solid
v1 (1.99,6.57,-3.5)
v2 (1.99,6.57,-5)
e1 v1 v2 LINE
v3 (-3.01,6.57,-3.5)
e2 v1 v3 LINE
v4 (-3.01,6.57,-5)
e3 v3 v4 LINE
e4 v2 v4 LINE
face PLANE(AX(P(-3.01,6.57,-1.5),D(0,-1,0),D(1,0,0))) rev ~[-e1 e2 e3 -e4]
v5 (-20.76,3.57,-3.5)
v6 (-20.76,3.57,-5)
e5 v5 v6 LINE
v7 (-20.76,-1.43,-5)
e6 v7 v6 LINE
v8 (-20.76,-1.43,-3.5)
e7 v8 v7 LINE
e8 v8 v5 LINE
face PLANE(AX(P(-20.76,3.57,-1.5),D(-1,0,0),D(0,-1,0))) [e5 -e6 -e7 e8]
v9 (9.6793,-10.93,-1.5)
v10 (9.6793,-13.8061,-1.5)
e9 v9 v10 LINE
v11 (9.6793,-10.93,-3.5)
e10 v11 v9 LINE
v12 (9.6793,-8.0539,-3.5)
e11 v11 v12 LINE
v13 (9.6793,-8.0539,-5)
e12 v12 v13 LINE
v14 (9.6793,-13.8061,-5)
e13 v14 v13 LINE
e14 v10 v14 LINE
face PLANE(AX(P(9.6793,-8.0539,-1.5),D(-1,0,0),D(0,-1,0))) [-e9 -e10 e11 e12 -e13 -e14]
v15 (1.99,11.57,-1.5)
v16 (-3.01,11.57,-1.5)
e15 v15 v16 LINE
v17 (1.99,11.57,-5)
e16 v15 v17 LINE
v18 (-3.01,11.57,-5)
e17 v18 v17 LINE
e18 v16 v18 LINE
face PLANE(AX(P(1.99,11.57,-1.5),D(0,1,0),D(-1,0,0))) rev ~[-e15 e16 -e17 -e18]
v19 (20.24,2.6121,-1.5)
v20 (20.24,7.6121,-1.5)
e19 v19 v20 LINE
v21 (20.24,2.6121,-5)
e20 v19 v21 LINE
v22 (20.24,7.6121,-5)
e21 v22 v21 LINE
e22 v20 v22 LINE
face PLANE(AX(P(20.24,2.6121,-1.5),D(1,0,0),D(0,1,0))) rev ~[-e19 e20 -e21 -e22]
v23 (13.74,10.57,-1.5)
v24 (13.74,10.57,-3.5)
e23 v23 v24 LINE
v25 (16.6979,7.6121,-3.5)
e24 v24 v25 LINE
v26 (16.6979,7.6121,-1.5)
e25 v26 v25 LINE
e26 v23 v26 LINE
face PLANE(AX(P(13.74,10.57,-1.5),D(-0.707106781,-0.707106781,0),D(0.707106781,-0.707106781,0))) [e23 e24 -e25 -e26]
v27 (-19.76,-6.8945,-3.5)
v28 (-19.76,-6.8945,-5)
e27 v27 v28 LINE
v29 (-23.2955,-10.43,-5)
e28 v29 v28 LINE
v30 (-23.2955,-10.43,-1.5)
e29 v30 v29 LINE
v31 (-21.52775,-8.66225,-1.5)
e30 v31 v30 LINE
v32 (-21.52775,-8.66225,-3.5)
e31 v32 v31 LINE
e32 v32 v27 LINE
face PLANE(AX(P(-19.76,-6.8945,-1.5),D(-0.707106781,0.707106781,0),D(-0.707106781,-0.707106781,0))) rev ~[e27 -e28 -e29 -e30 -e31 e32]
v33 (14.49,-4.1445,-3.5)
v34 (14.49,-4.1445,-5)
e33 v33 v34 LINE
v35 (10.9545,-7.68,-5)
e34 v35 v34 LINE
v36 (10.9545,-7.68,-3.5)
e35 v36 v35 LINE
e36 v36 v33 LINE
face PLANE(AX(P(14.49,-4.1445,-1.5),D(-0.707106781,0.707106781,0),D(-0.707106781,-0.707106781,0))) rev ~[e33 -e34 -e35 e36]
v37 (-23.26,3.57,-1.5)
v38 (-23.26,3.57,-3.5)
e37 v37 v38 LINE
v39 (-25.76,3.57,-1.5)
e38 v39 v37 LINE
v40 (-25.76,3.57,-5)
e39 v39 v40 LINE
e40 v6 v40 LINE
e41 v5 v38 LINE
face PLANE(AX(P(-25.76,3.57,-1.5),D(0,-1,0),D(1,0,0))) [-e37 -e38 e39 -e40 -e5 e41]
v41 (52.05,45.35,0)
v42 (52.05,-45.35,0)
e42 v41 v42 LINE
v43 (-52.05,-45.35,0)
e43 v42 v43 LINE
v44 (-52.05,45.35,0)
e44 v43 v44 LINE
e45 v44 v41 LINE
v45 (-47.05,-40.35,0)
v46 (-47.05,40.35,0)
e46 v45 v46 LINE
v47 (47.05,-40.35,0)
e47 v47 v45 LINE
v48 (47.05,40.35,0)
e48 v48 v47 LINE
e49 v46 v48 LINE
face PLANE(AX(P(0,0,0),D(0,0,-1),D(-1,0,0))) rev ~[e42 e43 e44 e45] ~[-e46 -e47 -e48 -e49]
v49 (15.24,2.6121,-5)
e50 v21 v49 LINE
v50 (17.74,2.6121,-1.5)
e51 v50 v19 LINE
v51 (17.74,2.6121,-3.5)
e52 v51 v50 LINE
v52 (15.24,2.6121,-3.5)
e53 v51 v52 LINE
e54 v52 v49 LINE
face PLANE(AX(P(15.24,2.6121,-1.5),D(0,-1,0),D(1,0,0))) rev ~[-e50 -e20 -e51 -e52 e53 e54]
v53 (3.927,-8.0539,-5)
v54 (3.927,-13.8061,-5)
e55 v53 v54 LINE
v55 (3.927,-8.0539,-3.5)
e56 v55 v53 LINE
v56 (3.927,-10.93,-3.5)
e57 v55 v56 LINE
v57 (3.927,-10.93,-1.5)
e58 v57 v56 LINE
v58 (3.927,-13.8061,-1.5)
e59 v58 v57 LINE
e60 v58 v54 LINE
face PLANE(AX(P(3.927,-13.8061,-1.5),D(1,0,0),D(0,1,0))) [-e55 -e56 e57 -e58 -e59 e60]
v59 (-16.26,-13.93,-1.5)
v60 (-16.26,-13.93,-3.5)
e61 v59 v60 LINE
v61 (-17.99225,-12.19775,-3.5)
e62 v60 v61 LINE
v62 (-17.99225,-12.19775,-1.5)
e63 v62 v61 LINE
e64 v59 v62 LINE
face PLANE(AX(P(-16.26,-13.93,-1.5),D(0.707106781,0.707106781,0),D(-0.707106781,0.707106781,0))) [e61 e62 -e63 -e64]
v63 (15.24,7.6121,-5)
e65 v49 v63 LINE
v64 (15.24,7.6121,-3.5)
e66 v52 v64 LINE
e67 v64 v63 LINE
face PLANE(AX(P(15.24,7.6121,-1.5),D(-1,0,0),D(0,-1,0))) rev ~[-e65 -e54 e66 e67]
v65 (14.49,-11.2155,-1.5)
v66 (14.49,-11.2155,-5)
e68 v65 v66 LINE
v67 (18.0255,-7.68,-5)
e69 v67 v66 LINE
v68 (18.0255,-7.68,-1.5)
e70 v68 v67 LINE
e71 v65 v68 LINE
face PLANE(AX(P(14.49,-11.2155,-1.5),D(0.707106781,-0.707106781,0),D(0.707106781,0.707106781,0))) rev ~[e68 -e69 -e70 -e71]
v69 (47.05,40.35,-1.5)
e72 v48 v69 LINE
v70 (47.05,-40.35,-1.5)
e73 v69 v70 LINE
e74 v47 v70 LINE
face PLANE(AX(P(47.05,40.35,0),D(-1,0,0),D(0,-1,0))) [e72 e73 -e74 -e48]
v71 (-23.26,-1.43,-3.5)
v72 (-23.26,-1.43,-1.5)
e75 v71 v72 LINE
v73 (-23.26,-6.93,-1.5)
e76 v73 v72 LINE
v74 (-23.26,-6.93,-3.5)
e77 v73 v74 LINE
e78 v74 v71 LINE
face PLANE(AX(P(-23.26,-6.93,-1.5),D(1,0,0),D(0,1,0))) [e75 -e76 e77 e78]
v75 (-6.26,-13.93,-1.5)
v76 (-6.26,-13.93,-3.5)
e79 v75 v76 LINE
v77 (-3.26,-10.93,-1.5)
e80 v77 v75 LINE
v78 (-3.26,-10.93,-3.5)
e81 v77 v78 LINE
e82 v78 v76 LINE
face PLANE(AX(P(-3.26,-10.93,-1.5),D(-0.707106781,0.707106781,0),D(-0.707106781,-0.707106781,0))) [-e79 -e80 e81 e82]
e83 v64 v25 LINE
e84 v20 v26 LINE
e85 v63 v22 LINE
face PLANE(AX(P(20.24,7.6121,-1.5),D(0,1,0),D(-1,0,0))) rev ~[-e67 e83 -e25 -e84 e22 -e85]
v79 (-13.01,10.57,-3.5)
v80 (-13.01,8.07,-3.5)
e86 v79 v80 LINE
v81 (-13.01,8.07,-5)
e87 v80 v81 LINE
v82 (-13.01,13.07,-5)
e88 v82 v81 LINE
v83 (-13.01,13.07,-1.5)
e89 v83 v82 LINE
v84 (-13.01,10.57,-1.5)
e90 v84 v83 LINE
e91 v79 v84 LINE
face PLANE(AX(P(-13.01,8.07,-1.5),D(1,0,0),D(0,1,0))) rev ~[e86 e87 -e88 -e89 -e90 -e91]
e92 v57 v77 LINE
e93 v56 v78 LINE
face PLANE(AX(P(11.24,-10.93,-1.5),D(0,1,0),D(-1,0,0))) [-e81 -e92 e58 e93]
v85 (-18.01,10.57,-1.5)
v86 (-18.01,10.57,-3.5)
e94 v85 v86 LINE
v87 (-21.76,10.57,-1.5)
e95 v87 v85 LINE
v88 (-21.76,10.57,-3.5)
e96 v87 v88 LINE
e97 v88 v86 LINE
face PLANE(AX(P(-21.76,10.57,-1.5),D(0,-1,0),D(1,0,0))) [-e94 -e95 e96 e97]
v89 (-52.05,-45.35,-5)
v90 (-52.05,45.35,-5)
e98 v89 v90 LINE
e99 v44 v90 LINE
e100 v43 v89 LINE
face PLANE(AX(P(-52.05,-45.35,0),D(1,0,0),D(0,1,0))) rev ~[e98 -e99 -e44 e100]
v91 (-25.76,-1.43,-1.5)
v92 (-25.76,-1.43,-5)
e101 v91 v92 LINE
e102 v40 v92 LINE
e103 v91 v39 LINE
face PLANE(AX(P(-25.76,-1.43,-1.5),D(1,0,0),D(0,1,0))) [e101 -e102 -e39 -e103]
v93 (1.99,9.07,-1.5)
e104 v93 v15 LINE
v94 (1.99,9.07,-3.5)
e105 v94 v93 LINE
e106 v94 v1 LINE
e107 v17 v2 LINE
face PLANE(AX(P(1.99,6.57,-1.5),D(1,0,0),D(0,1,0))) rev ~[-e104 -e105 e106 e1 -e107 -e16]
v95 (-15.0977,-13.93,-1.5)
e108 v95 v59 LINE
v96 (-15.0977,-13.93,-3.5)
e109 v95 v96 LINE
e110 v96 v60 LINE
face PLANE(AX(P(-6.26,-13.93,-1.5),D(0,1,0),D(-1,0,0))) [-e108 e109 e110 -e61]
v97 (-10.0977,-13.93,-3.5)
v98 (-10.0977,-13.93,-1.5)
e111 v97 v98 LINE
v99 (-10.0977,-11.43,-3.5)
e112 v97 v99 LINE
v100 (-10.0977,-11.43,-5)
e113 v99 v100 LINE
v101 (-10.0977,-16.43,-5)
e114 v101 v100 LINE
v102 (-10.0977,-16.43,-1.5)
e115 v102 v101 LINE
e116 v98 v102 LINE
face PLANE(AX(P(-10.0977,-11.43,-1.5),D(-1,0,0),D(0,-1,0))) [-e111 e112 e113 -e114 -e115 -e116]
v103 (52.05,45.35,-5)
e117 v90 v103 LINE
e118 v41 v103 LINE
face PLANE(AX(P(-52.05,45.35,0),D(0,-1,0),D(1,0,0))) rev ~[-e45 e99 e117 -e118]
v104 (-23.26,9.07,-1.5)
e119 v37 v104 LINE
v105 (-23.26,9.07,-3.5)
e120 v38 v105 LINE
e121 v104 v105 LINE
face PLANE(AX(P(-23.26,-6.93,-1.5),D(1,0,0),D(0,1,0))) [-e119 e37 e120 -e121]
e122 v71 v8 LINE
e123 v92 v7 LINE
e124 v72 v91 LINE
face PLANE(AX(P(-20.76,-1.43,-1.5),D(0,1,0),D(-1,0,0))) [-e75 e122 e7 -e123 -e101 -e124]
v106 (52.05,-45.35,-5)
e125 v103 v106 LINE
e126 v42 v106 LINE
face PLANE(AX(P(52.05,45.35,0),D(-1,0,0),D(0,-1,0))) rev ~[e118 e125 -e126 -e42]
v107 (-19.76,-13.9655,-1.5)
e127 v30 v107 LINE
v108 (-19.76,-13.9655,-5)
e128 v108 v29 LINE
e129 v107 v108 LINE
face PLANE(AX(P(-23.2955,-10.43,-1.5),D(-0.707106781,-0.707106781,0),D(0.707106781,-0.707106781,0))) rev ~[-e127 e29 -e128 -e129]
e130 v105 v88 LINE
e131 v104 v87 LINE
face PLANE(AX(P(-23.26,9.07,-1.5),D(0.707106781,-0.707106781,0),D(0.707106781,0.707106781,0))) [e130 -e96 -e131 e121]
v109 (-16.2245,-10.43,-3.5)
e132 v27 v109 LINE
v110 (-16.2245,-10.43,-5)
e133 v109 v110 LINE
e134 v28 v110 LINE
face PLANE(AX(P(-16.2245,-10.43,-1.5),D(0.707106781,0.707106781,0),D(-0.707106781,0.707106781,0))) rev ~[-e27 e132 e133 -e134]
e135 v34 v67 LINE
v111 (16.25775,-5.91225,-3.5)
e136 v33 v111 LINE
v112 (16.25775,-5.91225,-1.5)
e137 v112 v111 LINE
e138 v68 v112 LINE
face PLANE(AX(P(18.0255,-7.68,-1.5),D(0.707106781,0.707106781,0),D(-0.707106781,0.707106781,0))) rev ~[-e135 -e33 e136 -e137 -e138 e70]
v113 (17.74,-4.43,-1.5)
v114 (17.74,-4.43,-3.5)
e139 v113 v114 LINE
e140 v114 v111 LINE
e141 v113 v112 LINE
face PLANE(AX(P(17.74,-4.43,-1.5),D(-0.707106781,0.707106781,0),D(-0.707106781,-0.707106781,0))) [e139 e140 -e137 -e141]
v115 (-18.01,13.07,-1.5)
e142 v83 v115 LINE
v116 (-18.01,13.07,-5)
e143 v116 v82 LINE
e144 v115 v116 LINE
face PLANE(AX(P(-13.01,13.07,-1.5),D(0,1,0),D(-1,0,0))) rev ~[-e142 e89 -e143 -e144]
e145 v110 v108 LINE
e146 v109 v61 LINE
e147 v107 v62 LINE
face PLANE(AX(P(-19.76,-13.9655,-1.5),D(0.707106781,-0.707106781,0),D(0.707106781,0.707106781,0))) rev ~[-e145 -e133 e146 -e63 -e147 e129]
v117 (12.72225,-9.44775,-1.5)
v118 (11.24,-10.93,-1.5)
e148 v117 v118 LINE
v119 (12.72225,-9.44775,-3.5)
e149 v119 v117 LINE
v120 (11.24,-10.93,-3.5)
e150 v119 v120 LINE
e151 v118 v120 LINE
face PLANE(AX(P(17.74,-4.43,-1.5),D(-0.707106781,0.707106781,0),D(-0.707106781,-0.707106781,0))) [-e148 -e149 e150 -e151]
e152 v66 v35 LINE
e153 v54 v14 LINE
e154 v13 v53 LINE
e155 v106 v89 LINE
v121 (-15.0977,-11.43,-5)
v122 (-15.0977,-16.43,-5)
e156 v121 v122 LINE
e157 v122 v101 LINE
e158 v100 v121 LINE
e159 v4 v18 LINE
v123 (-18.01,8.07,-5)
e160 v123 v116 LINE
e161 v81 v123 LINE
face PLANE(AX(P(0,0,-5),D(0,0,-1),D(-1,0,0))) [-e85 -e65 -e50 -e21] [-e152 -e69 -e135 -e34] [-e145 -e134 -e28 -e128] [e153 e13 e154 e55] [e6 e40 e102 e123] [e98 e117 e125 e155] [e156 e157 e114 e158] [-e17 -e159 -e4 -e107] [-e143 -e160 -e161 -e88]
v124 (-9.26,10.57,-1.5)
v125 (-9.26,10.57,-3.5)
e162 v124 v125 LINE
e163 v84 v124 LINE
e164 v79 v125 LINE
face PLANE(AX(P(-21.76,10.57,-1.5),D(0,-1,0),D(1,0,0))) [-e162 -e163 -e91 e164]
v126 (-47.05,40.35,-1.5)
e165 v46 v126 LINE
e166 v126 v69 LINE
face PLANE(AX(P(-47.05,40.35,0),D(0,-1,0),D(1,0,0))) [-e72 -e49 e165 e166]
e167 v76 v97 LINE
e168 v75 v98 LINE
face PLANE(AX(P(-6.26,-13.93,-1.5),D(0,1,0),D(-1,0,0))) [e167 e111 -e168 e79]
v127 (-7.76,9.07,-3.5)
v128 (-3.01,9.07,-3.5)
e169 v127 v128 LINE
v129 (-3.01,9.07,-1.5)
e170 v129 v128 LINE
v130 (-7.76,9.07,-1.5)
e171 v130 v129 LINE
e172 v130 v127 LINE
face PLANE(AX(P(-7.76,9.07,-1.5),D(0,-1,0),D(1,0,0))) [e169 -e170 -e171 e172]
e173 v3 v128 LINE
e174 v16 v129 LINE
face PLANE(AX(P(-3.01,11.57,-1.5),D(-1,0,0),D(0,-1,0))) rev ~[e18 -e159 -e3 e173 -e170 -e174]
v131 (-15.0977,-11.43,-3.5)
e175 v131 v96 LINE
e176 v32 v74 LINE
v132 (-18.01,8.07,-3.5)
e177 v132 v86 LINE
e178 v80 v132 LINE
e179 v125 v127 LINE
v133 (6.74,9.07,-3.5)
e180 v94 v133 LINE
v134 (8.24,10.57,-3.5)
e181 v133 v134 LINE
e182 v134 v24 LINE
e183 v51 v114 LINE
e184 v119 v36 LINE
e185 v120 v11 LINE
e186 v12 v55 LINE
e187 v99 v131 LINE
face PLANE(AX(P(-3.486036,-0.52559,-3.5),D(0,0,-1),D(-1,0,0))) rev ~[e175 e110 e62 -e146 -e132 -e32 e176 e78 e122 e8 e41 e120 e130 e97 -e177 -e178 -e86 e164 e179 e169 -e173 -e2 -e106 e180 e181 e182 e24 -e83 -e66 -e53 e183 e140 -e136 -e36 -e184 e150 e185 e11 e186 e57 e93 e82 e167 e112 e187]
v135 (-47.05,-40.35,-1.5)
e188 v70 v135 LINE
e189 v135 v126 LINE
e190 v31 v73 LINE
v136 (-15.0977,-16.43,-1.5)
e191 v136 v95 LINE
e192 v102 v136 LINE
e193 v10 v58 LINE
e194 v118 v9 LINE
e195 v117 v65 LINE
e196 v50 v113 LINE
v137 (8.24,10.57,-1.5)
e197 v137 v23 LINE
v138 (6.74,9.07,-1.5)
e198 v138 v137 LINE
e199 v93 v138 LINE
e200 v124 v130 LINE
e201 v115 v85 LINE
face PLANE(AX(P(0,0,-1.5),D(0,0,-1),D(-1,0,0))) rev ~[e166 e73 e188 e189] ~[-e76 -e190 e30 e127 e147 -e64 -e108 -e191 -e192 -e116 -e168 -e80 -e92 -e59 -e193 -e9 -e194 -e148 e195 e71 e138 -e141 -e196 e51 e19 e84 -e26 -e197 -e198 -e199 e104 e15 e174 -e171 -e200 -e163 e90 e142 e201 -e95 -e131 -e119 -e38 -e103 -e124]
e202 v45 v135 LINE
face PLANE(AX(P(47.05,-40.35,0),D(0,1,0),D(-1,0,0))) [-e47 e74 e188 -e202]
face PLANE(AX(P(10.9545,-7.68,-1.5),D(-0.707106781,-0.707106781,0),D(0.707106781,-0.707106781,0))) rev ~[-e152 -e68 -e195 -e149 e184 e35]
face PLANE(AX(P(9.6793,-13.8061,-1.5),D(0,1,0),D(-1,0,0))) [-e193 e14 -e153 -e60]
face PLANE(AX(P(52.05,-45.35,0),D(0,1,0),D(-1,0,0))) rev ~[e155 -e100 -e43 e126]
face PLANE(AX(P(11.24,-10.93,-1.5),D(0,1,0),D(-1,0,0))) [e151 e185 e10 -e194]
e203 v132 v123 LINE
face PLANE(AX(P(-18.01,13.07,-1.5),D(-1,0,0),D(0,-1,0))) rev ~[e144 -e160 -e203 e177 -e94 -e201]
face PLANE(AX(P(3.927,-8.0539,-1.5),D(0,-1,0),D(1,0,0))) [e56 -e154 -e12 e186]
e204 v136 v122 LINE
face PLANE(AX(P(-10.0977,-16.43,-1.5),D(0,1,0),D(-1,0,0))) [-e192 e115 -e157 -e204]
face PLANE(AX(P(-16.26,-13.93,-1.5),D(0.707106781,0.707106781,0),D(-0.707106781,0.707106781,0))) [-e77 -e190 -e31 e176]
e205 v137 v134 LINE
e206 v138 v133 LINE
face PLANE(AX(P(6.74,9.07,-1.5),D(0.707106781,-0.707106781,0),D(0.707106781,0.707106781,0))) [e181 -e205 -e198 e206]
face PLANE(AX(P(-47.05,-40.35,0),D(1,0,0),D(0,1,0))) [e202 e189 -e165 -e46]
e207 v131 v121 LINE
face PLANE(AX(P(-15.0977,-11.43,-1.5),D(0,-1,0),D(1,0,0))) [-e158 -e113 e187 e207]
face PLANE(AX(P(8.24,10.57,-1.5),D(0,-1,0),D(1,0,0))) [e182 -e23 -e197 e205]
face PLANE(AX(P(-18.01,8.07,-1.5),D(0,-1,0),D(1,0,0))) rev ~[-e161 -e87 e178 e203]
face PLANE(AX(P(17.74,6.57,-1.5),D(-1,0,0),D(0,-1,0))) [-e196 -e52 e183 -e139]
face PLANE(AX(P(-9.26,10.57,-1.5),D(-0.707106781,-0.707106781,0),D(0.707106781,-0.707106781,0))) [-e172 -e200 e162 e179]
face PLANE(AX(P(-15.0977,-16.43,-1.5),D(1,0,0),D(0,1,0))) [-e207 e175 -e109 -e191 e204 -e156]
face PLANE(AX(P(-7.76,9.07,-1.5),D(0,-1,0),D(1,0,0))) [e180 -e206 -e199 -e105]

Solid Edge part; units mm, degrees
sketch "Sketch1" plane through (0, 0, 0) normal (0, 0, 1) x (1, 0, 0)
  line L0 (52.05, -45.35) -> (-52.05, -45.35)
  line L1 (-52.05, -45.35) -> (-52.05, 45.35)
  line L2 (-52.05, 45.35) -> (52.05, 45.35)
  line L3 (52.05, 45.35) -> (52.05, -45.35)
extrude "Protrusion1" add sketch "Sketch1" against normal blind 5
sketch "Sketch2" plane through (0, 0, 0) normal (0, 0, 1) x (1, 0, 0)
  line L0 (-47.05, -40.35) -> (-47.05, 40.35)
  line L1 (-47.05, 40.35) -> (47.05, 40.35)
  line L2 (47.05, 40.35) -> (47.05, -40.35)
  line L3 (47.05, -40.35) -> (-47.05, -40.35)
extrude "ExtrudedCutout_1" cut sketch "Sketch2" against normal blind 1.5
sketch "Sketch3" plane through (0, 0, -1.5) normal (0, 0, 1) x (1, 0, 0)
  line L0 (-6.26, -13.93) -> (-16.26, -13.93)
  line L1 (-16.26, -13.93) -> (-23.26, -6.93)
  line L2 (-23.26, -6.93) -> (-23.26, 9.07)
  line L3 (-23.26, 9.07) -> (-21.76, 10.57)
  line L4 (-21.76, 10.57) -> (-9.26, 10.57)
  line L5 (-9.26, 10.57) -> (-7.76, 9.07)
  line L6 (-7.76, 9.07) -> (6.74, 9.07)
  line L7 (6.74, 9.07) -> (8.24, 10.57)
  line L8 (8.24, 10.57) -> (13.74, 10.57)
  line L9 (13.74, 10.57) -> (17.74, 6.57)
  line L10 (17.74, 6.57) -> (17.74, -4.43)
  line L11 (17.74, -4.43) -> (11.24, -10.93)
  line L12 (11.24, -10.93) -> (-3.26, -10.93)
  line L13 (-3.26, -10.93) -> (-6.26, -13.93)
extrude "ExtrudedCutout_2" cut sketch "Sketch3" against normal blind 2
sketch "Sketch4" plane through (0, 0, -1.5) normal (0, 0, 1) x (1, 0, 0)
  line L0 (-20.76, -1.43) -> (-25.76, -1.43)
  line L1 (-25.76, -1.43) -> (-25.76, 3.57)
  line L2 (-25.76, 3.57) -> (-20.76, 3.57)
  line L3 (-20.76, 3.57) -> (-20.76, -1.43)
  line L4 (-19.76, -13.9655) -> (-16.2245, -10.43)
  line L5 (-16.2245, -10.43) -> (-19.76, -6.8945)
  line L6 (-19.76, -6.8945) -> (-23.2955, -10.43)
  line L7 (-23.2955, -10.43) -> (-19.76, -13.9655)
  line L8 (-15.0977, -11.43) -> (-10.0977, -11.43)
  line L9 (-10.0977, -11.43) -> (-10.0977, -16.43)
  line L10 (-10.0977, -16.43) -> (-15.0977, -16.43)
  line L11 (-15.0977, -16.43) -> (-15.0977, -11.43)
  line L12 (-13.01, 8.07) -> (-13.01, 13.07)
  line L13 (-13.01, 13.07) -> (-18.01, 13.07)
  line L14 (-18.01, 13.07) -> (-18.01, 8.07)
  line L15 (-18.01, 8.07) -> (-13.01, 8.07)
  line L16 (9.6793, -8.0539) -> (9.6793, -13.8061)
  line L17 (9.6793, -13.8061) -> (3.927, -13.8061)
  line L18 (3.927, -13.8061) -> (3.927, -8.0539)
  line L19 (3.927, -8.0539) -> (9.6793, -8.0539)
  line L20 (14.49, -11.2155) -> (18.0255, -7.68)
  line L21 (18.0255, -7.68) -> (14.49, -4.1445)
  line L22 (14.49, -4.1445) -> (10.9545, -7.68)
  line L23 (10.9545, -7.68) -> (14.49, -11.2155)
  line L24 (20.24, 2.6121) -> (20.24, 7.6121)
  line L25 (20.24, 7.6121) -> (15.24, 7.6121)
  line L26 (15.24, 7.6121) -> (15.24, 2.6121)
  line L27 (15.24, 2.6121) -> (20.24, 2.6121)
  line L28 (1.99, 11.57) -> (-3.01, 11.57)
  line L29 (-3.01, 11.57) -> (-3.01, 6.57)
  line L30 (-3.01, 6.57) -> (1.99, 6.57)
  line L31 (1.99, 6.57) -> (1.99, 11.57)
  dimension "D1" = 5
extrude "Cutout1" cut sketch "Sketch4" against normal through all
